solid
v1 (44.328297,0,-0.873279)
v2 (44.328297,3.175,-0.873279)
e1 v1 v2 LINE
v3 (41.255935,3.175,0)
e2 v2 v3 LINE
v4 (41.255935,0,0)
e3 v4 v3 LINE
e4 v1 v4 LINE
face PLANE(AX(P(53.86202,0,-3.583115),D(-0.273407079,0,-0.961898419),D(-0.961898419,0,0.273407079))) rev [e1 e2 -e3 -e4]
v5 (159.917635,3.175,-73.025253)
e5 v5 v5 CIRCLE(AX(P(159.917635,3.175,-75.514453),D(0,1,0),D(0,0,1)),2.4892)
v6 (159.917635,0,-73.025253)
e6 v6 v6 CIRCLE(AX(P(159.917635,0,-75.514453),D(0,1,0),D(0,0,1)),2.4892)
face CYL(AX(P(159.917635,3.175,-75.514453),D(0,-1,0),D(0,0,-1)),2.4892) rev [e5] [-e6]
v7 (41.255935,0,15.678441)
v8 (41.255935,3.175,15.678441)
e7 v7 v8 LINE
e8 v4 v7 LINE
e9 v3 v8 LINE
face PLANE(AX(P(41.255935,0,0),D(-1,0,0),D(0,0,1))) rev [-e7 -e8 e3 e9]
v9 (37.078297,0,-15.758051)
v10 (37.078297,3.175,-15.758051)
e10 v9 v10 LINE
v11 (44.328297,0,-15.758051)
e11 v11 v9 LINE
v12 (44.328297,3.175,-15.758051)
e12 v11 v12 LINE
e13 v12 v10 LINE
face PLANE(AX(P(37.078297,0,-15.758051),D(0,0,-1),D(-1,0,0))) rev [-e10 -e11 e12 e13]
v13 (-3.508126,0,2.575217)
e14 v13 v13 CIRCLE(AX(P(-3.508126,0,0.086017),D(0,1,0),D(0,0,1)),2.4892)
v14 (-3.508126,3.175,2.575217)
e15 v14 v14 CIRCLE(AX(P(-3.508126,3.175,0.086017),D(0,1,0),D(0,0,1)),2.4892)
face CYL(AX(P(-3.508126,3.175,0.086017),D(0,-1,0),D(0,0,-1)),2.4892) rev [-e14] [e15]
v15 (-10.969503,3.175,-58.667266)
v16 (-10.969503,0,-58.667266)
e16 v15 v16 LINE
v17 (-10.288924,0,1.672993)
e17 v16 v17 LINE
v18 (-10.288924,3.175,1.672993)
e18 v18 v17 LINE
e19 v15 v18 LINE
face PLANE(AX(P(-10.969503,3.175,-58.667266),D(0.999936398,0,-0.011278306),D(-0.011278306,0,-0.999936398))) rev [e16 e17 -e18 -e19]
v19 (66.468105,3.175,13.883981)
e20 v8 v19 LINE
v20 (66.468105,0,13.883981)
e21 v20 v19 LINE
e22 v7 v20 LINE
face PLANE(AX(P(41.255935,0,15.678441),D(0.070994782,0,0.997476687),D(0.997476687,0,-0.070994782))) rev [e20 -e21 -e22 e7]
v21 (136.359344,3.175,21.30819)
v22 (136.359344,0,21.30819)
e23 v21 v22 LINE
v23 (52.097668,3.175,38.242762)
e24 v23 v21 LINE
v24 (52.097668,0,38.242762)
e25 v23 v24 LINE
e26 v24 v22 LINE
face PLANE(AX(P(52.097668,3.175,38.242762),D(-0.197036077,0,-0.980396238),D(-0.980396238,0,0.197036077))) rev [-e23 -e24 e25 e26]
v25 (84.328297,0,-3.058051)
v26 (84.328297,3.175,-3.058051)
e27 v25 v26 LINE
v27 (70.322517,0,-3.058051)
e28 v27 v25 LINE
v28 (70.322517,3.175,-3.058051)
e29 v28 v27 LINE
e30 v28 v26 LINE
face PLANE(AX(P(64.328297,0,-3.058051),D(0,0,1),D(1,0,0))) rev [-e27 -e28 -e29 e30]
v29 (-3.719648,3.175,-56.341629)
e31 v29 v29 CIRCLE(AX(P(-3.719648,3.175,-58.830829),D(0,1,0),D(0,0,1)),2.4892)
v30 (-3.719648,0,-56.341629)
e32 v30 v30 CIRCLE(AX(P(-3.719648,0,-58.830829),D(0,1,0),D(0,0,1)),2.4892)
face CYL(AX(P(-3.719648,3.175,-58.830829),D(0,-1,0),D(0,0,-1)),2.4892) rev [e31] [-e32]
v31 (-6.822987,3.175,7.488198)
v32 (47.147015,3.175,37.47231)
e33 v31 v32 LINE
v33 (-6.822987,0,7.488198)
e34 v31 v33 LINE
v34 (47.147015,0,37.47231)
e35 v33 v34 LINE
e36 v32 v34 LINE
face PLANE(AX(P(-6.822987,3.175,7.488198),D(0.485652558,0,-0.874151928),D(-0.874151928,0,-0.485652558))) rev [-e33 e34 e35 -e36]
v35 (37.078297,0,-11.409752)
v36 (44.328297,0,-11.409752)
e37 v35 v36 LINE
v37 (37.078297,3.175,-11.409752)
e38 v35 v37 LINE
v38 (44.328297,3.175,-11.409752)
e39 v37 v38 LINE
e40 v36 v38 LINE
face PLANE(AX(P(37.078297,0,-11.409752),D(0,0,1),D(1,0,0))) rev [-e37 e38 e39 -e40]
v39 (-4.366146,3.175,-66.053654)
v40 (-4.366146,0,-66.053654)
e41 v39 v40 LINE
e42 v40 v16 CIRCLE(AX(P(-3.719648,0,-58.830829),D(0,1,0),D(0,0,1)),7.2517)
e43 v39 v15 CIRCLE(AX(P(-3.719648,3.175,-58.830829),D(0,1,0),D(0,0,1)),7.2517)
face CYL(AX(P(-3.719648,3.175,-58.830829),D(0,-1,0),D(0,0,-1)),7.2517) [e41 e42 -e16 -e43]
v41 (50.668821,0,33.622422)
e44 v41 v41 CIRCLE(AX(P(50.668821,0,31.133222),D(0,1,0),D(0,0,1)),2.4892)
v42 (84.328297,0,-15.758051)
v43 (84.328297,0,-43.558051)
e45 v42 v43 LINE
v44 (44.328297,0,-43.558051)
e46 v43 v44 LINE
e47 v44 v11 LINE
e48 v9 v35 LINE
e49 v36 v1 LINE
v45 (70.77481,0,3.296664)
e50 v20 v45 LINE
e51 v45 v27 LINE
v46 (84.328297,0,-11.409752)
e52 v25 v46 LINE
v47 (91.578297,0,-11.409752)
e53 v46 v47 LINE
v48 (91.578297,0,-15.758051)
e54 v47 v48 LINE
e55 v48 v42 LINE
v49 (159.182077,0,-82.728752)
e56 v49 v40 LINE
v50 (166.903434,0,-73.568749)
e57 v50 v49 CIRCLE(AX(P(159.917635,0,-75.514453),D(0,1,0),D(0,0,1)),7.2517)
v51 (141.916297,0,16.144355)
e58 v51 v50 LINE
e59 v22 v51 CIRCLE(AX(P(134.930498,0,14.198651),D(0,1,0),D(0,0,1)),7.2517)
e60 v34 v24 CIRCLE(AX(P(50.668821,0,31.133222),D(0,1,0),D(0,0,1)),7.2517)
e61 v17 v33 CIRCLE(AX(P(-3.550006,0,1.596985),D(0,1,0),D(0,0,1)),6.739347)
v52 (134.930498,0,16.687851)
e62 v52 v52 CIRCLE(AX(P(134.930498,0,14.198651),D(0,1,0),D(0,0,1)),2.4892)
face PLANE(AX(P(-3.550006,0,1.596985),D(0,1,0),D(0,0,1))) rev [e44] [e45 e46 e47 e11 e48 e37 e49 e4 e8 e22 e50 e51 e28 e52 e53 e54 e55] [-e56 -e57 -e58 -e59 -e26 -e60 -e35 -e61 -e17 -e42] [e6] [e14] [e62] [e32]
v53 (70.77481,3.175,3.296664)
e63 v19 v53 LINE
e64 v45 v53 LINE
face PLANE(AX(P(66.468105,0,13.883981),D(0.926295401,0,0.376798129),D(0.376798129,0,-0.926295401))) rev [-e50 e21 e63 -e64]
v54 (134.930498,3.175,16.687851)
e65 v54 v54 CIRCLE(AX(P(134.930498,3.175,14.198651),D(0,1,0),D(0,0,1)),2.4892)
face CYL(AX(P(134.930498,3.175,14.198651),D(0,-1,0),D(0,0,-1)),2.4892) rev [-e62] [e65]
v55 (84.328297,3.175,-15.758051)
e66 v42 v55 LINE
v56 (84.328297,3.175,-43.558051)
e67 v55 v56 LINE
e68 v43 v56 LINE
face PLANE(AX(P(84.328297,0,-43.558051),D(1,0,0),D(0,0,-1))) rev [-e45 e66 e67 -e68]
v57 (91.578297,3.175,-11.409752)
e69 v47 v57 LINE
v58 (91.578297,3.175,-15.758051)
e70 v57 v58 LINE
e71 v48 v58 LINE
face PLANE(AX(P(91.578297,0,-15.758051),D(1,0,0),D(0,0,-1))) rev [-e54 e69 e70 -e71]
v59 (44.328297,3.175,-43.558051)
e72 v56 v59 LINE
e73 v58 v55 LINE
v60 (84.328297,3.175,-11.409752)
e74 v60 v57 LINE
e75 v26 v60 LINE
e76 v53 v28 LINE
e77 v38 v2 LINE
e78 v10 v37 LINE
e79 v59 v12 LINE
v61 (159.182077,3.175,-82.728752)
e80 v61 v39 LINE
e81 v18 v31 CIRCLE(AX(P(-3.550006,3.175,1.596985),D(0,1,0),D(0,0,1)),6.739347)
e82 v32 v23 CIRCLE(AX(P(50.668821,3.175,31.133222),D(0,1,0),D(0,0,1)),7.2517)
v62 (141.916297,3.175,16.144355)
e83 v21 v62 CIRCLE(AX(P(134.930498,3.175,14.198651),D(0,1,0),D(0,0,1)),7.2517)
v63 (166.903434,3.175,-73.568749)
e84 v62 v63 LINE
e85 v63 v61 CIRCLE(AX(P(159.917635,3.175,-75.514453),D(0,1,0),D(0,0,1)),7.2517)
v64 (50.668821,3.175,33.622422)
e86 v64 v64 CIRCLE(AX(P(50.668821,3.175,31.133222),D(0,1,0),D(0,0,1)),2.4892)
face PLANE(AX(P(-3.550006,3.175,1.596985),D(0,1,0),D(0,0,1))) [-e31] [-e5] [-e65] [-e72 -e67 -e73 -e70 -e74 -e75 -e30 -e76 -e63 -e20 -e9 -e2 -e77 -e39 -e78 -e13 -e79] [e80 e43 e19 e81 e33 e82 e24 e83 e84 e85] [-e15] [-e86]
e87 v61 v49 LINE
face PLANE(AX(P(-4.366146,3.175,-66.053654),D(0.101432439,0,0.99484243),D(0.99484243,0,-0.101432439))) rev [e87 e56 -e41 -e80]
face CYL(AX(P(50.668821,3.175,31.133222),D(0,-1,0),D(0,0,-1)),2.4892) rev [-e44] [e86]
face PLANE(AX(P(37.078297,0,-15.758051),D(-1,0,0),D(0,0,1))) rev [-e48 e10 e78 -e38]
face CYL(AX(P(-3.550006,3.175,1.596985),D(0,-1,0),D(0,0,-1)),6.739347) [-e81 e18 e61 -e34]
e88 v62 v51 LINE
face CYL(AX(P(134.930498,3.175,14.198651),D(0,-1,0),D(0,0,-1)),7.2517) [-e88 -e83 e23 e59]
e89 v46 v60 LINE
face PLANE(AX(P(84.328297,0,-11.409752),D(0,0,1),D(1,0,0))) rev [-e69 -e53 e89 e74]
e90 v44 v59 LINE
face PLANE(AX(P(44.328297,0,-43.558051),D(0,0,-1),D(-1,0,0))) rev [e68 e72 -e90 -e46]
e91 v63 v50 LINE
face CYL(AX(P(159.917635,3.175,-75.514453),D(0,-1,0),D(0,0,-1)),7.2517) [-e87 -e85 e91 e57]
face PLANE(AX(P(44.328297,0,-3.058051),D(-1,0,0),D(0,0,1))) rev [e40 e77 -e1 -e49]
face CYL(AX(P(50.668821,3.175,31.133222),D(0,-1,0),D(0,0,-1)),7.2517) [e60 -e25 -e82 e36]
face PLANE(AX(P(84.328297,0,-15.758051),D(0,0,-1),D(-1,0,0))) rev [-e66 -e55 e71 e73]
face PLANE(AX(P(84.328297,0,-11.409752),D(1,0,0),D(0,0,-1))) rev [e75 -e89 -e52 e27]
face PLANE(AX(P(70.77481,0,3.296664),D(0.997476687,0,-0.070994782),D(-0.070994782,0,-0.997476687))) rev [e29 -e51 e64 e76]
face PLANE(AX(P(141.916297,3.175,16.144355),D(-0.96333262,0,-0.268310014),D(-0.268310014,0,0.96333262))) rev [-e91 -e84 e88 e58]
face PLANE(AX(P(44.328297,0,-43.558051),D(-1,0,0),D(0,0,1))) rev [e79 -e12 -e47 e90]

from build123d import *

# Parameters (mm, degrees)
SKETCH1_R            = 2.4892
BOSS_EXTRUDE1_DEPTH  = 3.175
TRIGGER_CUTOUT_DEPTH = 3.175
SERVO_CUTOUT_DEPTH   = 3.175


with BuildPart() as part:
    # Sketch1 → Boss-Extrude1 (new body)
    with BuildSketch(Plane(origin=(0, 0, 0), x_dir=(1, 0, 0), z_dir=(0, 1, 0))):
        with BuildLine():
            Line((-6.8229868, -7.488197853), (47.14701474, -37.472309865))
            ThreePointArc((47.14701474, -37.472309865), (49.553689318, -38.298669515), (52.097667916, -38.242761734))
            Line((52.097667916, -38.242761734), (136.359344262, -21.308190288))
            ThreePointArc((136.359344262, -21.308190288), (139.866879533, -19.510833837), (141.916296901, -16.144354617))
            Line((141.916296901, -16.144354617), (166.90343399, 73.568749369))
            ThreePointArc((166.90343399, 73.568749369), (165.462253091, 80.188248266), (159.182077212, 82.728751949))
            Line((159.182077212, 82.728751949), (-4.366145722, 66.053653766))
            ThreePointArc((-4.366145722, 66.053653766), (-9.125920254, 63.663982971), (-10.969503308, 58.667265887))
            Line((-10.969503308, 58.667265887), (-10.288924124, -1.672992978))
            ThreePointArc((-10.288924124, -1.672992978), (-9.33910622, -5.047363397), (-6.8229868, -7.488197853))
        make_face()
        with Locations(Location((159.917634832, 75.514453101, 0), (0, 0, 270))):
            Circle(SKETCH1_R, mode=Mode.SUBTRACT)
        with Locations(Location((134.930497743, -14.198650885, 0), (0, 0, 270))):
            Circle(SKETCH1_R, mode=Mode.SUBTRACT)
        with Locations(Location((50.668821397, -31.133222331, 0), (0, 0, 270))):
            Circle(SKETCH1_R, mode=Mode.SUBTRACT)
        with Locations(Location((-3.719648143, 58.830829265, 0), (0, 0, 270))):
            Circle(SKETCH1_R, mode=Mode.SUBTRACT)
        with Locations(Location((-3.508126319, -0.086017173, 0), (0, 0, 270))):
            Circle(SKETCH1_R, mode=Mode.SUBTRACT)
    extrude(amount=BOSS_EXTRUDE1_DEPTH)

    # Sketch3 → trigger cutout (cut)
    with BuildSketch(Plane(origin=(0, 3.175, 0), x_dir=(1, 0, 0), z_dir=(0, 1, 0))):
        Polygon((41.255934536, -15.678441329), (66.468104622, -13.883980824), (70.774809833, -3.296663849), (70.032795293, 7.128640439), (58.56546888, 6.312460623), (53.862019579, 3.583115238), (41.255934536, 0), align=None)
    extrude(amount=-TRIGGER_CUTOUT_DEPTH, mode=Mode.SUBTRACT)

    # Sketch4 → servo cutout (cut)
    with BuildSketch(Plane(origin=(0, 3.175, 0), x_dir=(1, 0, 0), z_dir=(0, 1, 0))):
        Polygon((44.328297275, 43.5580507), (84.328297275, 43.5580507), (84.328297275, 15.7580507), (91.578297275, 15.7580507), (91.578297275, 11.409751948), (84.328297275, 11.409751948), (84.328297275, 3.0580507), (64.328297275, 3.0580507), (64.328297275, -2.168421287), (44.328297275, -2.168421287), (44.328297275, 3.0580507), (44.328297275, 11.409751948), (37.078297275, 11.409751948), (37.078297275, 15.7580507), (44.328297275, 15.7580507), align=None)
    extrude(amount=-SERVO_CUTOUT_DEPTH, mode=Mode.SUBTRACT)


solid = part.part
